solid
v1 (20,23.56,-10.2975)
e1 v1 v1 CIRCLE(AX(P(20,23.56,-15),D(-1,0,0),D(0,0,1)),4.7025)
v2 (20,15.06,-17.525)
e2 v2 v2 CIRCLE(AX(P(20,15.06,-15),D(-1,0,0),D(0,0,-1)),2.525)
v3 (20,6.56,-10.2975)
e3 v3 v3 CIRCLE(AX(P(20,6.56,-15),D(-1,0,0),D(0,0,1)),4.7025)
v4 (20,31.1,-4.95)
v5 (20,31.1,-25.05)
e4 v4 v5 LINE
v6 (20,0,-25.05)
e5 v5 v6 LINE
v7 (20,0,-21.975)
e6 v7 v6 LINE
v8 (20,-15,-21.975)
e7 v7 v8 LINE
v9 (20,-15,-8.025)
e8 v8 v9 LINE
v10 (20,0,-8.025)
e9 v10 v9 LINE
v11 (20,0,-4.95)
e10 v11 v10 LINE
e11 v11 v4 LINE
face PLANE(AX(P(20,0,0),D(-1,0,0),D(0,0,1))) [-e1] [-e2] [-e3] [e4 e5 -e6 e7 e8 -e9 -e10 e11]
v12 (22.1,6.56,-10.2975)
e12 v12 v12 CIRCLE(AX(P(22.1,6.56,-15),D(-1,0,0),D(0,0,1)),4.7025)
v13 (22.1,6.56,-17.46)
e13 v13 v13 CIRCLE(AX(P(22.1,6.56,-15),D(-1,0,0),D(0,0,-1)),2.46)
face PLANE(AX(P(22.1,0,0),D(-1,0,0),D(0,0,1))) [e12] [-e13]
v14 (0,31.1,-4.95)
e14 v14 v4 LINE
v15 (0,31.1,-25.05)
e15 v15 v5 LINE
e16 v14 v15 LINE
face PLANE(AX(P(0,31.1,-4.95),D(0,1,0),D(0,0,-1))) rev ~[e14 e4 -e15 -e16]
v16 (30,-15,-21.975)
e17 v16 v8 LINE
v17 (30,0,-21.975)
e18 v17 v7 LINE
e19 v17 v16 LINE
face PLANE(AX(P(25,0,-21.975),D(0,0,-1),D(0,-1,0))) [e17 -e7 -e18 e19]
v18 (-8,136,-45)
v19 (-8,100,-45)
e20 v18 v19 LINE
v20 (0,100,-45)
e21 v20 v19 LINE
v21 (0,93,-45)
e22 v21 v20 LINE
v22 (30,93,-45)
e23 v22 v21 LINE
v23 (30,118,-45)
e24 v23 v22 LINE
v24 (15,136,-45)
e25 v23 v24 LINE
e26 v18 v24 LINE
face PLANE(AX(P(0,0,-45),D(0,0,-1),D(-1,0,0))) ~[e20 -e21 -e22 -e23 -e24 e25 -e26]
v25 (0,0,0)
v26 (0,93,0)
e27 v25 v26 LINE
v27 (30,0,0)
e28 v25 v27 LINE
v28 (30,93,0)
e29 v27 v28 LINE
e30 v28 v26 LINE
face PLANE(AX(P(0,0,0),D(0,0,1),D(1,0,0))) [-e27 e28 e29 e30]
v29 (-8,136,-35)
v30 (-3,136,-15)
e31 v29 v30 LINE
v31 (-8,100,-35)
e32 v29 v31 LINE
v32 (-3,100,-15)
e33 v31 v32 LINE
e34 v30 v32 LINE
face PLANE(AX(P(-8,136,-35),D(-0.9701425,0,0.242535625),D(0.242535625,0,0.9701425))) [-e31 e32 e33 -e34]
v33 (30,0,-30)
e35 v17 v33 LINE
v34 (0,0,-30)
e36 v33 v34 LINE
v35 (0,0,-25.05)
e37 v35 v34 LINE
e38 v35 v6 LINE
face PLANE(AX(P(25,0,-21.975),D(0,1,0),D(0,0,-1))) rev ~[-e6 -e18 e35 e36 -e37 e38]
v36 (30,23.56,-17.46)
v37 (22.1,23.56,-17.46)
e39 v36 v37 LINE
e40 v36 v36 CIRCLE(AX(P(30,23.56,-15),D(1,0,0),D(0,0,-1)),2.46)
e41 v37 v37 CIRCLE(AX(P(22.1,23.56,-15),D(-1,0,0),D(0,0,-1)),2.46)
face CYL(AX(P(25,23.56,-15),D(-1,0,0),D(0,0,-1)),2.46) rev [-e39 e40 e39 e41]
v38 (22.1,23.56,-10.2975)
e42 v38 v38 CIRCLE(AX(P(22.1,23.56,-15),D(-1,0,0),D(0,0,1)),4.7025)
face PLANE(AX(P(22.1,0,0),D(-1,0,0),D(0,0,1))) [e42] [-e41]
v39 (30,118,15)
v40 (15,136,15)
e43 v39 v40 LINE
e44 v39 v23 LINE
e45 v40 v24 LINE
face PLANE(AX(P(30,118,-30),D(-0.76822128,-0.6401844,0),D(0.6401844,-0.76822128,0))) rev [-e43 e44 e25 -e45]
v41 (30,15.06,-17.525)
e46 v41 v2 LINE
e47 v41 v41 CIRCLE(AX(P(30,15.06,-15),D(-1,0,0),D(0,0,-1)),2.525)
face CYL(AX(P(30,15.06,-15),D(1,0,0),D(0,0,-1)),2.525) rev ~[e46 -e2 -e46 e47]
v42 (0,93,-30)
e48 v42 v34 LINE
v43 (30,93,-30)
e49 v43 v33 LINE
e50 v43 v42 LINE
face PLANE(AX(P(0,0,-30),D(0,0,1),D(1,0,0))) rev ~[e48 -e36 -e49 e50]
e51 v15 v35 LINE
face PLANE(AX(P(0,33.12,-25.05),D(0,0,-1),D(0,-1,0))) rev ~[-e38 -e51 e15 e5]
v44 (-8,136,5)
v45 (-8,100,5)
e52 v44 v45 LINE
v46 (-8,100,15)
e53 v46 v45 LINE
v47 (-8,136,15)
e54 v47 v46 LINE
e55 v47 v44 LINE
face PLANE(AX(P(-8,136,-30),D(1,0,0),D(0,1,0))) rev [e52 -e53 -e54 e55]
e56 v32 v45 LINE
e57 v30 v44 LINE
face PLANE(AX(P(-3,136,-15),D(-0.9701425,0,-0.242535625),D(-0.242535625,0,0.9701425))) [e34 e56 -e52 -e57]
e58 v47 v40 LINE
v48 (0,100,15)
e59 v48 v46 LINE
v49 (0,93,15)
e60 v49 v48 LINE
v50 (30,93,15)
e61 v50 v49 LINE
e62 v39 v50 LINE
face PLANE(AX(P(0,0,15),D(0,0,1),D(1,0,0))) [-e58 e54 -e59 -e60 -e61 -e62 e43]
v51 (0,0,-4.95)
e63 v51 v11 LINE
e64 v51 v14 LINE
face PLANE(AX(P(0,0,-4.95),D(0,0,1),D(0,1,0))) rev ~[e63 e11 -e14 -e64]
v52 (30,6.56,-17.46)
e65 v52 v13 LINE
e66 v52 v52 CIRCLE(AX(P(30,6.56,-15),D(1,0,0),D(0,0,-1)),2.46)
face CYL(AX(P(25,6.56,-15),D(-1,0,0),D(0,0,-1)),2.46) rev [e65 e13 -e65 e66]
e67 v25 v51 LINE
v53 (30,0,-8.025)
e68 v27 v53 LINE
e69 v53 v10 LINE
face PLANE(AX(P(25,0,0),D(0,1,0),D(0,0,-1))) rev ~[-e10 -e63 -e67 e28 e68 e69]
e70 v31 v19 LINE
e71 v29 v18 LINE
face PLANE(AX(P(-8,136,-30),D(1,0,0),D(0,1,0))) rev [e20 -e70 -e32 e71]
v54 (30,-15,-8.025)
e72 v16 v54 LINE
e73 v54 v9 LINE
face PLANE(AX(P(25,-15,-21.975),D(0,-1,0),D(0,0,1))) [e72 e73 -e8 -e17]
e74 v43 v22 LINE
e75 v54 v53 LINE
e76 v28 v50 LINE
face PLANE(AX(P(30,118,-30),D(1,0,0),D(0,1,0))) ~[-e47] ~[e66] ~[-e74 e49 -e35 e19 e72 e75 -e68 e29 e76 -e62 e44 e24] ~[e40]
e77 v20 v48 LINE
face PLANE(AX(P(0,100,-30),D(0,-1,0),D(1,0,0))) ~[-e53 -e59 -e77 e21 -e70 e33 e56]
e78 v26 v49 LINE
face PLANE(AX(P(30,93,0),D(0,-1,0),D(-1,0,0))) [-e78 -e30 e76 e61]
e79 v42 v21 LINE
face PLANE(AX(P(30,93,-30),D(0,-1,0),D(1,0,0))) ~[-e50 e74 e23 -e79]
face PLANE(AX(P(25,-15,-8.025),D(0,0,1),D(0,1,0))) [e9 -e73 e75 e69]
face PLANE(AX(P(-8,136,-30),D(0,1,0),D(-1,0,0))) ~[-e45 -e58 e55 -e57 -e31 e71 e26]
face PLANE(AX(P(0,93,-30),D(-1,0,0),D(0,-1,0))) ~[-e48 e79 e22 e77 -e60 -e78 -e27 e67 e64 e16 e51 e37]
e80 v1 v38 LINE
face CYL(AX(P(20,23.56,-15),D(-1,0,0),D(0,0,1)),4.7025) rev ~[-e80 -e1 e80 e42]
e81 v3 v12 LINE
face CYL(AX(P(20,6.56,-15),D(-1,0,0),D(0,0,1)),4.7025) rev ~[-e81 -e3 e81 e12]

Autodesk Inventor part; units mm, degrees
ref_plane "YZ Plane" through (0, 0, 0) normal (1, 0, 0) x (0, 1, 0)
ref_plane "XZ Plane" through (0, 0, 0) normal (0, 1, 0) x (-1, 0, 0)
sketch "Sketch1" plane through (0, 0, 0) normal (0, 0, 1) x (1, 0, 0)
  line L0 (0, 0) -> (25, 0)
  line L1 (25, 0) -> (25, 40)
  line L2 (25, 40) -> (0, 40)
  line L3 (0, 40) -> (0, 0)
  dimension "d1" = 25
  dimension "d2" = 40
  dimension "d3" = 25
extrude "Extrusion1" add sketch "Sketch1" against normal blind 30
sketch "Sketch2" plane through (25, 0, 0) normal (1, 0, 0) x (0, 0, -1)
  line L0 (0, 0) -> (30, 0) projected
  circle A0 centre (15, 6.56) radius 2.46
extrude "Extrusion2" cut sketch "Sketch2" against normal blind 30
sketch "Sketch3" plane through (0, 0, 0) normal (-1, 0, 0) x (0, 0, 1)
  line L0 (0, 0) -> (-30, 0) projected
  line L1 (-25.05, 0) -> (-4.95, 0)
  line L2 (-4.95, 0) -> (-4.95, 33.12)
  line L3 (-4.95, 33.12) -> (-25.05, 33.12)
  line L4 (-25.05, 33.12) -> (-25.05, 0)
  dimension "d11" = 20.1
extrude "Extrusion3" cut sketch "Sketch3" against normal blind 20
sketch "Sketch4" plane through (0, 0, 0) normal (0, -1, 0) x (1, 0, 0)
  line L0 (20, -4.95) -> (20, -25.05) projected
  line L1 (20, -15) -> (25, -15)
  line L2 (25, 0) -> (25, -30) projected
  line L3 (20, -8.025) -> (25, -8.025)
  line L4 (25, -8.025) -> (25, -21.975)
  line L5 (25, -21.975) -> (20, -21.975)
  line L6 (20, -21.975) -> (20, -8.025)
  line L7 (20, -8.025) -> (25, -21.975) construction
  line L8 (25, -8.025) -> (20, -21.975) construction
  line L9 (25, -12.54) -> (25, -17.46) projected
  point P0 (0, 0)
  point P1 (22.5, -15)
  dimension "d14" = 13.95
extrude "Extrusion4" add sketch "Sketch4" along normal blind 15
sketch "Sketch5" plane through (20, 0, 0) normal (-1, 0, 0) x (0, 0, 1)
  circle A0 centre (-15, 6.56) radius 2.46 projected
  circle A1 centre (-15, 6.56) radius 4.7025
  circle A2 centre (-15, 6.56) radius 2.46 projected
  circle A3 centre (-15, 6.56) radius 2.46
  point P0 (0, 0)
  dimension "d17" = 9.405
extrude "Extrusion5" cut sketch "Sketch5" against normal blind 2.1
sketch "Sketch6" plane through (25, 0, 0) normal (1, 0, 0) x (0, 0, -1)
  circle A0 centre (15, 6.56) radius 4.7025 projected
  line L0 (15, 6.56) -> (15, 23.56)
  circle A1 centre (15, 23.56) radius 2.46
  point P0 (0, 0)
  dimension "d20" = 17
  dimension "d21" = 4.92
extrude "Extrusion6" cut sketch "Sketch6" against normal blind 10 contours A1
sketch "Sketch7" plane through (20, 0, 0) normal (-1, 0, 0) x (0, 0, 1)
  circle A0 centre (-15, 23.56) radius 2.46 projected
  circle A1 centre (-15, 23.56) radius 4.7025
  point P0 (0, 0)
  dimension "d24" = 9.405
extrude "Extrusion7" cut sketch "Sketch7" against normal blind 2.1
sketch "Sketch9" plane through (25, 0, 0) normal (1, 0, 0) x (0, 0, -1)
  circle A0 centre (15, 6.56) radius 2.46 projected
  circle A1 centre (15, 6.56) radius 2.46
  circle A2 centre (15, 23.56) radius 2.46 projected
  circle A3 centre (15, 23.56) radius 2.46
  line L0 (30, 40) -> (30, 0) projected
  line L1 (30, 0) -> (30, 40)
  line L2 (30, 40) -> (0, 40)
  line L3 (0, 40) -> (0, 0)
  line L4 (0, 0) -> (8.025, 0) projected
  line L5 (21.975, 0) -> (21.975, -15)
  line L6 (21.975, -15) -> (8.025, -15)
  line L7 (8.025, -15) -> (8.025, 0)
  line L8 (0, 0) -> (8.025, 0)
  line L9 (21.975, 0) -> (30, 0)
extrude "Extrusion8" add sketch "Sketch9" along normal blind 5
sketch "Sketch10" plane through (0, 40, 0) normal (0, 1, 0) x (1, 0, 0)
  line L0 (0, 30) -> (30, 30) projected
  line L1 (30, 0) -> (0, 0) projected
  line L2 (0, 30) -> (30, 30)
  line L3 (30, 30) -> (30, 0)
  line L4 (30, 0) -> (0, 0)
  line L5 (0, 0) -> (0, 30)
extrude "Extrusion9" add sketch "Sketch10" along normal blind 30
sketch "Sketch12" plane through (30, 0, 0) normal (1, 0, 0) x (0, 0, -1)
  circle A0 centre (15, 6.56) radius 2.46 projected
  line L0 (15, 6.56) -> (15, 15.06)
  circle A1 centre (15, 15.06) radius 2.525
  point P0 (0, 0)
  dimension "d31" = 8.5
  dimension "d33" = 5.05
extrude "Extrusion10" cut sketch "Sketch12" against normal blind 30 contours A1
sketch "Sketch14" plane through (0, 0, 0) normal (0, 0, 1) x (1, 0, 0)
  line L0 (30, 70) -> (0, 70) projected
  line L1 (0, 100) -> (-8, 100)
  line L2 (30, 0) -> (30, 70) projected
  line L3 (30, 118) -> (30, 70)
  line L4 (30, 105) -> (30, 100)
  line L5 (0, 70) -> (30, 70) projected
  line L6 (0, 70) -> (0, 100)
  line L7 (15, 136) -> (30, 118)
  line L8 (-8, 136) -> (15, 136)
  line L9 (-8, 100) -> (-8, 136)
  point P0 (0, 0)
  dimension "d47" = 30
extrude "Extrusion12" add sketch "Sketch14" against normal blind 30
sketch "Sketch15" plane through (0, 0, -25.05) normal (-1, 0, 0) x (0, 0, 1)
  line L0 (0, 33.12) -> (20.1, 33.12) projected
  line L1 (20.1, 33.12) -> (20.1, 0) projected
  line L2 (0, 33.12) -> (20.1, 33.12)
  line L3 (20.1, 33.12) -> (20.1, 31.1)
  line L4 (20.1, 31.1) -> (0, 31.1)
  line L5 (0, 31.1) -> (0, 33.12)
  point P0 (25.05, 0)
  dimension "d57" = 2.02
extrude "Extrusion13" add sketch "Sketch15" against normal blind 20
sketch "Sketch23" plane through (0, 0, 0) normal (0, 0, 1) x (1, 0, 0)
  line L0 (0, 100) -> (-8, 100) projected
  line L1 (-8, 136) -> (15, 136) projected
  line L2 (-8, 136) -> (15, 136)
  line L3 (30, 118) -> (15, 136) projected
  line L4 (15, 136) -> (30, 118)
  line L5 (30, 118) -> (30, 93)
  line L6 (30, 0) -> (30, 118) projected
  line L7 (30, 93) -> (0, 93)
  line L8 (0, 93) -> (0, 100)
  line L9 (-8, 100) -> (0, 100)
  line L10 (15, 136) -> (-8, 136) projected
  line L11 (-8, 136) -> (-8, 100)
  point P0 (0, 0)
  point P1 (-2, 102)
  point P2 (4, 118)
  point P3 (-2, 134)
  dimension "d85" = 25
extrude "Extrusion14" add sketch "Sketch23" along normal blind 15
ref_plane "Work Plane1" through (0, 0, -15) normal (0, 0, 1) x (1, 0, 0)
mirror "Mirror1" about plane through (0, 0, -15) normal (0, 0, 1) of "Extrusion14"
sketch "Sketch26" plane through (-8, 136, 15) normal (0, 1, 0) x (1, 0, 0)
  line L0 (0, 60) -> (0, 0) projected
  line L1 (0, 30) -> (0, 10)
  line L2 (0, 10) -> (5, 10)
  line L3 (5, 10) -> (5, 50)
  line L4 (5, 50) -> (0, 50)
  line L5 (0, 50) -> (0, 30)
  line L6 (0, 50) -> (5, 30)
  line L7 (5, 30) -> (0, 10)
  point P0 (8, 15)
  dimension "d88" = 20
  dimension "d89" = 5
  dimension "d90" = 40
  dimension "d91" = 5
extrude "Extrusion15" cut sketch "Sketch26" against normal through all contours L6 L7 L0
properties part number "32mm_x_60mm"
